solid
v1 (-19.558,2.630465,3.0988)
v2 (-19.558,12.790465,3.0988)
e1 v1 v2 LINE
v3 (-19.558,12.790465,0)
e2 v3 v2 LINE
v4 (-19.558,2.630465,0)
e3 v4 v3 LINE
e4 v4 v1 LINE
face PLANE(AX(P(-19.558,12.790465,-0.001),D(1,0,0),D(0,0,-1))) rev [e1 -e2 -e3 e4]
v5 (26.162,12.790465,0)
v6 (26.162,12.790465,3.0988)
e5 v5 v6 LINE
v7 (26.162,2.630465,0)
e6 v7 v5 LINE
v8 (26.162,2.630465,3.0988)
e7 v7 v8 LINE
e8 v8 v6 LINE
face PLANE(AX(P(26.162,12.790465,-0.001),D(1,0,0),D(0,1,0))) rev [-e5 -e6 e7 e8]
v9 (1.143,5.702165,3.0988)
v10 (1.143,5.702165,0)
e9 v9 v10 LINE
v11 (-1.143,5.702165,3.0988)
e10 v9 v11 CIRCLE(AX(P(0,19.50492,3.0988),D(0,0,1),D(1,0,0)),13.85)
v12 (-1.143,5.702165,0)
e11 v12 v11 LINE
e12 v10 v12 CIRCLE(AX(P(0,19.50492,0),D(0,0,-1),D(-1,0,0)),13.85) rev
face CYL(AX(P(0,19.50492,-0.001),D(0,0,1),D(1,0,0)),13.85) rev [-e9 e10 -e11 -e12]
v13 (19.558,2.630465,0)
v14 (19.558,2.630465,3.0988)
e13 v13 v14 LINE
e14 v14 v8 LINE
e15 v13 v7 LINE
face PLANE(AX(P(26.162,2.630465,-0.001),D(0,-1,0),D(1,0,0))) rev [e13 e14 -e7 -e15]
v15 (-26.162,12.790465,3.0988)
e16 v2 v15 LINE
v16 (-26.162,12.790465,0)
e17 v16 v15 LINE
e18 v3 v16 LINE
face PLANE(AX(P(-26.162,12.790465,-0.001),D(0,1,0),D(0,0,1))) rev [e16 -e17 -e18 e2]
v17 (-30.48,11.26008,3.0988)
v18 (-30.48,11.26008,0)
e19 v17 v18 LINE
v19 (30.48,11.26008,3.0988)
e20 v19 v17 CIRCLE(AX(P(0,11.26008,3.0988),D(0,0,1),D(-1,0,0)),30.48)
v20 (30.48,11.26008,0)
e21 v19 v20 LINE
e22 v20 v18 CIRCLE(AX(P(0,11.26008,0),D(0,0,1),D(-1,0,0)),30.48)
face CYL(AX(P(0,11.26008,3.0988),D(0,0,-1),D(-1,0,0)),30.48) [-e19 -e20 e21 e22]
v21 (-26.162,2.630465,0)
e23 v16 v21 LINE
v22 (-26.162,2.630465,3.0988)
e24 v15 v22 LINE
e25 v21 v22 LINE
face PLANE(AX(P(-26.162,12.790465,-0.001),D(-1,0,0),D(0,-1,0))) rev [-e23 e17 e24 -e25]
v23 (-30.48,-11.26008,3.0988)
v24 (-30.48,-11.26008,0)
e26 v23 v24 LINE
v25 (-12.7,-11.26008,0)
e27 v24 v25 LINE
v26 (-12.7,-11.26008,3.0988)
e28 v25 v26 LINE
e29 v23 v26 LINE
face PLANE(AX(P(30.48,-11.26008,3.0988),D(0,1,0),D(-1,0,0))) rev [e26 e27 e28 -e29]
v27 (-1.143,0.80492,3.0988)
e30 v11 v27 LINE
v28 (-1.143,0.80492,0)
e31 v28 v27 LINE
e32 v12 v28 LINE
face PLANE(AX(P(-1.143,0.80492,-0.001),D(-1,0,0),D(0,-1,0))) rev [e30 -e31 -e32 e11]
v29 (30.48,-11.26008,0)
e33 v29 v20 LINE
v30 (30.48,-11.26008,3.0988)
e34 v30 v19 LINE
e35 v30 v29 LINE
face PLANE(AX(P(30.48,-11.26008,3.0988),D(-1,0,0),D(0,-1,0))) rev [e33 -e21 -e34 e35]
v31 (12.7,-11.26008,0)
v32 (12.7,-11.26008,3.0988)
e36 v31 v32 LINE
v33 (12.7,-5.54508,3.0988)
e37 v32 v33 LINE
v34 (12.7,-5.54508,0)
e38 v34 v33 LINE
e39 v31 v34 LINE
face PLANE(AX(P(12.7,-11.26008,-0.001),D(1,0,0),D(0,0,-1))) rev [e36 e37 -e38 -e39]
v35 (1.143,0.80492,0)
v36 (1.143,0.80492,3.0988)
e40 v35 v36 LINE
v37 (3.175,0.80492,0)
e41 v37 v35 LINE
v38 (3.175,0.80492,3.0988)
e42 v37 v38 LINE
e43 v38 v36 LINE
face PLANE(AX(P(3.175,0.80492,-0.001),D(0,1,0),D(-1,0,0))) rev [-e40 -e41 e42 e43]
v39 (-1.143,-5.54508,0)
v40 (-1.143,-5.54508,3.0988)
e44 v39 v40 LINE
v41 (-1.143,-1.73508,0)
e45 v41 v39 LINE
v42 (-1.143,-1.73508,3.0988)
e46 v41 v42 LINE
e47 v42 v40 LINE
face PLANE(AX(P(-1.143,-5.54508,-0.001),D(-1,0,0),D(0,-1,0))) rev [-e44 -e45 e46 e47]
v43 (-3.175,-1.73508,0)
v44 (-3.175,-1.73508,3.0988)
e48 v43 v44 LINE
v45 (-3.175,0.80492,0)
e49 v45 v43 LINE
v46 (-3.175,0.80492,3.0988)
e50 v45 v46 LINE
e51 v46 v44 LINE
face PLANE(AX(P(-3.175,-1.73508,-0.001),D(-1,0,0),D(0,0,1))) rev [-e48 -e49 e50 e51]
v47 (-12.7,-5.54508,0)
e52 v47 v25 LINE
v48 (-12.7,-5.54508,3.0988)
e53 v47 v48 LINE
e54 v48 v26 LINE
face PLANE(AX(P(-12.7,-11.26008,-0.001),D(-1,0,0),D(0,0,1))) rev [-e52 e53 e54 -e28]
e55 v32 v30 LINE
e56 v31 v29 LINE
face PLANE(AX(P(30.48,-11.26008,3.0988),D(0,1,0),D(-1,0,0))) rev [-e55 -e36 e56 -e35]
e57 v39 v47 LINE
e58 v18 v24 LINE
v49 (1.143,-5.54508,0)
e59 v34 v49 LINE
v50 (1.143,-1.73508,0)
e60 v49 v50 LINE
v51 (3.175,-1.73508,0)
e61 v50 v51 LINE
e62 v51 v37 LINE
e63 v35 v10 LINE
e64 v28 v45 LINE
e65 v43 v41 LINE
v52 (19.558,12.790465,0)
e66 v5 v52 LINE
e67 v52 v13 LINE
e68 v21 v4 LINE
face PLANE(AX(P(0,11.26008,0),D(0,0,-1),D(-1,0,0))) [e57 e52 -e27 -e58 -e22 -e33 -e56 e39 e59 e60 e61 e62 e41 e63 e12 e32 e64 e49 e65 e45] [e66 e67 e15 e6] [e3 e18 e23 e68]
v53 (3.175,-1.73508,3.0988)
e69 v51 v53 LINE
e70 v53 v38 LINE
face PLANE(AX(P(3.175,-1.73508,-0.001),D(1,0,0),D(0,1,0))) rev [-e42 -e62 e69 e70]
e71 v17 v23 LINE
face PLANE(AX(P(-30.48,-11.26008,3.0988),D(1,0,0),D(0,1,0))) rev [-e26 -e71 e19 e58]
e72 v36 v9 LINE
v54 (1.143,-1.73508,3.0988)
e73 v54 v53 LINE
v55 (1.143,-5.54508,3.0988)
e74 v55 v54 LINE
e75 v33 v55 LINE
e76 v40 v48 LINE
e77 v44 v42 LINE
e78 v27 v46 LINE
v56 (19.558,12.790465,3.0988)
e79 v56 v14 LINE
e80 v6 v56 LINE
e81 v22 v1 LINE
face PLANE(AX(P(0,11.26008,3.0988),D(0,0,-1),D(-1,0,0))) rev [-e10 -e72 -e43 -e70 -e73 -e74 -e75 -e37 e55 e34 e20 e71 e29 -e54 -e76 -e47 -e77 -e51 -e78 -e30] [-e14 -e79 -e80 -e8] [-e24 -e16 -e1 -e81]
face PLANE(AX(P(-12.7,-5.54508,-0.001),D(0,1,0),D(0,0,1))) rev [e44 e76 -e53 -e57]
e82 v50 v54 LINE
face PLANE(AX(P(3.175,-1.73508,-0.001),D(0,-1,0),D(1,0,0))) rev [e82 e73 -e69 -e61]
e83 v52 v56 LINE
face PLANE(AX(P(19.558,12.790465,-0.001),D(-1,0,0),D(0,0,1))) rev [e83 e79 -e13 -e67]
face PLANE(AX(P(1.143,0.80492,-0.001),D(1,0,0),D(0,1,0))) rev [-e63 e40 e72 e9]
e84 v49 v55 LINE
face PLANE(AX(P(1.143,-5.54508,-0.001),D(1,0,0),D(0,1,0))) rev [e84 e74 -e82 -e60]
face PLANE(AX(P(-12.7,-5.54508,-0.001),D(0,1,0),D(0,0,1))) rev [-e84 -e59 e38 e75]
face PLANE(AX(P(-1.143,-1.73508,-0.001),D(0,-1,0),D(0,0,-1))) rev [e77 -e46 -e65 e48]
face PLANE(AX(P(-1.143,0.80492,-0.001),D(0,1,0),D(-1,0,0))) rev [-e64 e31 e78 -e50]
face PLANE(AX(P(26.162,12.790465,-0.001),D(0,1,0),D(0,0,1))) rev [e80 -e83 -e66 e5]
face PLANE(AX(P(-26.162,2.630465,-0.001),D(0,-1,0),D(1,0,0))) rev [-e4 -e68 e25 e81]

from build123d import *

# Parameters (mm, degrees)
BOSS_EXTRUDE1_DEPTH = 3.0988
CUT_EXTRUDE1_REACH  = 53.777
SKETCH2_R           = 13.85
CUT_EXTRUDE2_REACH  = 53.777
SKETCH3_W           = 25.4
SKETCH3_H           = 5.715
CUT_EXTRUDE4_REACH  = 53.777
CUT_EXTRUDE5_REACH  = 53.777
SKETCH6_W           = 6.604
SKETCH6_H           = 10.16


with BuildPart() as part:
    # Sketch1 → Boss-Extrude1 (new body)
    with BuildSketch(Plane.XY):
        with BuildLine():
            Line((30.48, -11.260079969), (-30.48, -11.260079969))
            Line((-30.48, -11.260079969), (-30.48, 11.260079969))
            ThreePointArc((-30.48, 11.260079969), (0, 41.740079969), (30.48, 11.260079969))
            Line((30.48, 11.260079969), (30.48, -11.260079969))
        make_face()
    extrude(amount=BOSS_EXTRUDE1_DEPTH)

    # Sketch2 → Cut-Extrude1 (cut, up to next)
    with BuildSketch(Plane.XY.offset(3.0988), mode=Mode.PRIVATE) as cut_extrude1_sk1:
        with Locations((0, 19.504919969)):
            Circle(SKETCH2_R)
    cut_extrude1_tool1 = extrude(cut_extrude1_sk1.sketch, amount=-CUT_EXTRUDE1_REACH, mode=Mode.PRIVATE) & part.part
    add(cut_extrude1_tool1.solids().sort_by_distance((0, 19.50492, 3.0988))[0], mode=Mode.SUBTRACT)

    # Sketch3 → Cut-Extrude2 (cut, up to next)
    with BuildSketch(Plane.XY.offset(3.0988), mode=Mode.PRIVATE) as cut_extrude2_sk1:
        with Locations((0, -8.402579969)):
            Rectangle(SKETCH3_W, SKETCH3_H)
    cut_extrude2_tool1 = extrude(cut_extrude2_sk1.sketch, amount=-CUT_EXTRUDE2_REACH, mode=Mode.PRIVATE) & part.part
    add(cut_extrude2_tool1.solids().sort_by_distance((0, -8.40258, 3.0988))[0], mode=Mode.SUBTRACT)

    # Sketch5 → Cut-Extrude4 (cut, up to next)
    with BuildSketch(Plane.XY.offset(3.0988), mode=Mode.PRIVATE) as cut_extrude4_sk1:
        Polygon((3.175, -1.735079969), (1.143, -1.735079969), (1.143, -5.545079969), (-1.143, -5.545079969), (-1.143, -1.735079969), (-3.175, -1.735079969), (-3.175, 0.804920031), (-1.143, 0.804920031), (-1.143, 8.424920031), (1.143, 8.424920031), (1.143, 0.804920031), (3.175, 0.804920031), align=None)
    cut_extrude4_tool1 = extrude(cut_extrude4_sk1.sketch, amount=-CUT_EXTRUDE4_REACH, mode=Mode.PRIVATE) & part.part
    add(cut_extrude4_tool1.solids().sort_by_distance((0, 0.974577, 3.0988))[0], mode=Mode.SUBTRACT)

    # Sketch6 → Cut-Extrude5 (cut, up to next)
    with BuildSketch(Plane.XY.offset(3.0988), mode=Mode.PRIVATE) as cut_extrude5_sk1:
        with Locations((22.86, 7.710464847)):
            Rectangle(SKETCH6_W, SKETCH6_H)
    cut_extrude5_tool1 = extrude(cut_extrude5_sk1.sketch, amount=-CUT_EXTRUDE5_REACH, mode=Mode.PRIVATE) & part.part
    # Sketch6 → Cut-Extrude5 (cut, up to next)
    with BuildSketch(Plane.XY.offset(3.0988), mode=Mode.PRIVATE) as cut_extrude5_sk2:
        with Locations((-22.86, 7.710464847)):
            Rectangle(SKETCH6_W, SKETCH6_H)
    cut_extrude5_tool2 = extrude(cut_extrude5_sk2.sketch, amount=-CUT_EXTRUDE5_REACH, mode=Mode.PRIVATE) & part.part
    add(cut_extrude5_tool1.solids().sort_by_distance((22.86, 7.710465, 3.0988))[0], mode=Mode.SUBTRACT)
    add(cut_extrude5_tool2.solids().sort_by_distance((-22.86, 7.710465, 3.0988))[0], mode=Mode.SUBTRACT)


solid = part.part
